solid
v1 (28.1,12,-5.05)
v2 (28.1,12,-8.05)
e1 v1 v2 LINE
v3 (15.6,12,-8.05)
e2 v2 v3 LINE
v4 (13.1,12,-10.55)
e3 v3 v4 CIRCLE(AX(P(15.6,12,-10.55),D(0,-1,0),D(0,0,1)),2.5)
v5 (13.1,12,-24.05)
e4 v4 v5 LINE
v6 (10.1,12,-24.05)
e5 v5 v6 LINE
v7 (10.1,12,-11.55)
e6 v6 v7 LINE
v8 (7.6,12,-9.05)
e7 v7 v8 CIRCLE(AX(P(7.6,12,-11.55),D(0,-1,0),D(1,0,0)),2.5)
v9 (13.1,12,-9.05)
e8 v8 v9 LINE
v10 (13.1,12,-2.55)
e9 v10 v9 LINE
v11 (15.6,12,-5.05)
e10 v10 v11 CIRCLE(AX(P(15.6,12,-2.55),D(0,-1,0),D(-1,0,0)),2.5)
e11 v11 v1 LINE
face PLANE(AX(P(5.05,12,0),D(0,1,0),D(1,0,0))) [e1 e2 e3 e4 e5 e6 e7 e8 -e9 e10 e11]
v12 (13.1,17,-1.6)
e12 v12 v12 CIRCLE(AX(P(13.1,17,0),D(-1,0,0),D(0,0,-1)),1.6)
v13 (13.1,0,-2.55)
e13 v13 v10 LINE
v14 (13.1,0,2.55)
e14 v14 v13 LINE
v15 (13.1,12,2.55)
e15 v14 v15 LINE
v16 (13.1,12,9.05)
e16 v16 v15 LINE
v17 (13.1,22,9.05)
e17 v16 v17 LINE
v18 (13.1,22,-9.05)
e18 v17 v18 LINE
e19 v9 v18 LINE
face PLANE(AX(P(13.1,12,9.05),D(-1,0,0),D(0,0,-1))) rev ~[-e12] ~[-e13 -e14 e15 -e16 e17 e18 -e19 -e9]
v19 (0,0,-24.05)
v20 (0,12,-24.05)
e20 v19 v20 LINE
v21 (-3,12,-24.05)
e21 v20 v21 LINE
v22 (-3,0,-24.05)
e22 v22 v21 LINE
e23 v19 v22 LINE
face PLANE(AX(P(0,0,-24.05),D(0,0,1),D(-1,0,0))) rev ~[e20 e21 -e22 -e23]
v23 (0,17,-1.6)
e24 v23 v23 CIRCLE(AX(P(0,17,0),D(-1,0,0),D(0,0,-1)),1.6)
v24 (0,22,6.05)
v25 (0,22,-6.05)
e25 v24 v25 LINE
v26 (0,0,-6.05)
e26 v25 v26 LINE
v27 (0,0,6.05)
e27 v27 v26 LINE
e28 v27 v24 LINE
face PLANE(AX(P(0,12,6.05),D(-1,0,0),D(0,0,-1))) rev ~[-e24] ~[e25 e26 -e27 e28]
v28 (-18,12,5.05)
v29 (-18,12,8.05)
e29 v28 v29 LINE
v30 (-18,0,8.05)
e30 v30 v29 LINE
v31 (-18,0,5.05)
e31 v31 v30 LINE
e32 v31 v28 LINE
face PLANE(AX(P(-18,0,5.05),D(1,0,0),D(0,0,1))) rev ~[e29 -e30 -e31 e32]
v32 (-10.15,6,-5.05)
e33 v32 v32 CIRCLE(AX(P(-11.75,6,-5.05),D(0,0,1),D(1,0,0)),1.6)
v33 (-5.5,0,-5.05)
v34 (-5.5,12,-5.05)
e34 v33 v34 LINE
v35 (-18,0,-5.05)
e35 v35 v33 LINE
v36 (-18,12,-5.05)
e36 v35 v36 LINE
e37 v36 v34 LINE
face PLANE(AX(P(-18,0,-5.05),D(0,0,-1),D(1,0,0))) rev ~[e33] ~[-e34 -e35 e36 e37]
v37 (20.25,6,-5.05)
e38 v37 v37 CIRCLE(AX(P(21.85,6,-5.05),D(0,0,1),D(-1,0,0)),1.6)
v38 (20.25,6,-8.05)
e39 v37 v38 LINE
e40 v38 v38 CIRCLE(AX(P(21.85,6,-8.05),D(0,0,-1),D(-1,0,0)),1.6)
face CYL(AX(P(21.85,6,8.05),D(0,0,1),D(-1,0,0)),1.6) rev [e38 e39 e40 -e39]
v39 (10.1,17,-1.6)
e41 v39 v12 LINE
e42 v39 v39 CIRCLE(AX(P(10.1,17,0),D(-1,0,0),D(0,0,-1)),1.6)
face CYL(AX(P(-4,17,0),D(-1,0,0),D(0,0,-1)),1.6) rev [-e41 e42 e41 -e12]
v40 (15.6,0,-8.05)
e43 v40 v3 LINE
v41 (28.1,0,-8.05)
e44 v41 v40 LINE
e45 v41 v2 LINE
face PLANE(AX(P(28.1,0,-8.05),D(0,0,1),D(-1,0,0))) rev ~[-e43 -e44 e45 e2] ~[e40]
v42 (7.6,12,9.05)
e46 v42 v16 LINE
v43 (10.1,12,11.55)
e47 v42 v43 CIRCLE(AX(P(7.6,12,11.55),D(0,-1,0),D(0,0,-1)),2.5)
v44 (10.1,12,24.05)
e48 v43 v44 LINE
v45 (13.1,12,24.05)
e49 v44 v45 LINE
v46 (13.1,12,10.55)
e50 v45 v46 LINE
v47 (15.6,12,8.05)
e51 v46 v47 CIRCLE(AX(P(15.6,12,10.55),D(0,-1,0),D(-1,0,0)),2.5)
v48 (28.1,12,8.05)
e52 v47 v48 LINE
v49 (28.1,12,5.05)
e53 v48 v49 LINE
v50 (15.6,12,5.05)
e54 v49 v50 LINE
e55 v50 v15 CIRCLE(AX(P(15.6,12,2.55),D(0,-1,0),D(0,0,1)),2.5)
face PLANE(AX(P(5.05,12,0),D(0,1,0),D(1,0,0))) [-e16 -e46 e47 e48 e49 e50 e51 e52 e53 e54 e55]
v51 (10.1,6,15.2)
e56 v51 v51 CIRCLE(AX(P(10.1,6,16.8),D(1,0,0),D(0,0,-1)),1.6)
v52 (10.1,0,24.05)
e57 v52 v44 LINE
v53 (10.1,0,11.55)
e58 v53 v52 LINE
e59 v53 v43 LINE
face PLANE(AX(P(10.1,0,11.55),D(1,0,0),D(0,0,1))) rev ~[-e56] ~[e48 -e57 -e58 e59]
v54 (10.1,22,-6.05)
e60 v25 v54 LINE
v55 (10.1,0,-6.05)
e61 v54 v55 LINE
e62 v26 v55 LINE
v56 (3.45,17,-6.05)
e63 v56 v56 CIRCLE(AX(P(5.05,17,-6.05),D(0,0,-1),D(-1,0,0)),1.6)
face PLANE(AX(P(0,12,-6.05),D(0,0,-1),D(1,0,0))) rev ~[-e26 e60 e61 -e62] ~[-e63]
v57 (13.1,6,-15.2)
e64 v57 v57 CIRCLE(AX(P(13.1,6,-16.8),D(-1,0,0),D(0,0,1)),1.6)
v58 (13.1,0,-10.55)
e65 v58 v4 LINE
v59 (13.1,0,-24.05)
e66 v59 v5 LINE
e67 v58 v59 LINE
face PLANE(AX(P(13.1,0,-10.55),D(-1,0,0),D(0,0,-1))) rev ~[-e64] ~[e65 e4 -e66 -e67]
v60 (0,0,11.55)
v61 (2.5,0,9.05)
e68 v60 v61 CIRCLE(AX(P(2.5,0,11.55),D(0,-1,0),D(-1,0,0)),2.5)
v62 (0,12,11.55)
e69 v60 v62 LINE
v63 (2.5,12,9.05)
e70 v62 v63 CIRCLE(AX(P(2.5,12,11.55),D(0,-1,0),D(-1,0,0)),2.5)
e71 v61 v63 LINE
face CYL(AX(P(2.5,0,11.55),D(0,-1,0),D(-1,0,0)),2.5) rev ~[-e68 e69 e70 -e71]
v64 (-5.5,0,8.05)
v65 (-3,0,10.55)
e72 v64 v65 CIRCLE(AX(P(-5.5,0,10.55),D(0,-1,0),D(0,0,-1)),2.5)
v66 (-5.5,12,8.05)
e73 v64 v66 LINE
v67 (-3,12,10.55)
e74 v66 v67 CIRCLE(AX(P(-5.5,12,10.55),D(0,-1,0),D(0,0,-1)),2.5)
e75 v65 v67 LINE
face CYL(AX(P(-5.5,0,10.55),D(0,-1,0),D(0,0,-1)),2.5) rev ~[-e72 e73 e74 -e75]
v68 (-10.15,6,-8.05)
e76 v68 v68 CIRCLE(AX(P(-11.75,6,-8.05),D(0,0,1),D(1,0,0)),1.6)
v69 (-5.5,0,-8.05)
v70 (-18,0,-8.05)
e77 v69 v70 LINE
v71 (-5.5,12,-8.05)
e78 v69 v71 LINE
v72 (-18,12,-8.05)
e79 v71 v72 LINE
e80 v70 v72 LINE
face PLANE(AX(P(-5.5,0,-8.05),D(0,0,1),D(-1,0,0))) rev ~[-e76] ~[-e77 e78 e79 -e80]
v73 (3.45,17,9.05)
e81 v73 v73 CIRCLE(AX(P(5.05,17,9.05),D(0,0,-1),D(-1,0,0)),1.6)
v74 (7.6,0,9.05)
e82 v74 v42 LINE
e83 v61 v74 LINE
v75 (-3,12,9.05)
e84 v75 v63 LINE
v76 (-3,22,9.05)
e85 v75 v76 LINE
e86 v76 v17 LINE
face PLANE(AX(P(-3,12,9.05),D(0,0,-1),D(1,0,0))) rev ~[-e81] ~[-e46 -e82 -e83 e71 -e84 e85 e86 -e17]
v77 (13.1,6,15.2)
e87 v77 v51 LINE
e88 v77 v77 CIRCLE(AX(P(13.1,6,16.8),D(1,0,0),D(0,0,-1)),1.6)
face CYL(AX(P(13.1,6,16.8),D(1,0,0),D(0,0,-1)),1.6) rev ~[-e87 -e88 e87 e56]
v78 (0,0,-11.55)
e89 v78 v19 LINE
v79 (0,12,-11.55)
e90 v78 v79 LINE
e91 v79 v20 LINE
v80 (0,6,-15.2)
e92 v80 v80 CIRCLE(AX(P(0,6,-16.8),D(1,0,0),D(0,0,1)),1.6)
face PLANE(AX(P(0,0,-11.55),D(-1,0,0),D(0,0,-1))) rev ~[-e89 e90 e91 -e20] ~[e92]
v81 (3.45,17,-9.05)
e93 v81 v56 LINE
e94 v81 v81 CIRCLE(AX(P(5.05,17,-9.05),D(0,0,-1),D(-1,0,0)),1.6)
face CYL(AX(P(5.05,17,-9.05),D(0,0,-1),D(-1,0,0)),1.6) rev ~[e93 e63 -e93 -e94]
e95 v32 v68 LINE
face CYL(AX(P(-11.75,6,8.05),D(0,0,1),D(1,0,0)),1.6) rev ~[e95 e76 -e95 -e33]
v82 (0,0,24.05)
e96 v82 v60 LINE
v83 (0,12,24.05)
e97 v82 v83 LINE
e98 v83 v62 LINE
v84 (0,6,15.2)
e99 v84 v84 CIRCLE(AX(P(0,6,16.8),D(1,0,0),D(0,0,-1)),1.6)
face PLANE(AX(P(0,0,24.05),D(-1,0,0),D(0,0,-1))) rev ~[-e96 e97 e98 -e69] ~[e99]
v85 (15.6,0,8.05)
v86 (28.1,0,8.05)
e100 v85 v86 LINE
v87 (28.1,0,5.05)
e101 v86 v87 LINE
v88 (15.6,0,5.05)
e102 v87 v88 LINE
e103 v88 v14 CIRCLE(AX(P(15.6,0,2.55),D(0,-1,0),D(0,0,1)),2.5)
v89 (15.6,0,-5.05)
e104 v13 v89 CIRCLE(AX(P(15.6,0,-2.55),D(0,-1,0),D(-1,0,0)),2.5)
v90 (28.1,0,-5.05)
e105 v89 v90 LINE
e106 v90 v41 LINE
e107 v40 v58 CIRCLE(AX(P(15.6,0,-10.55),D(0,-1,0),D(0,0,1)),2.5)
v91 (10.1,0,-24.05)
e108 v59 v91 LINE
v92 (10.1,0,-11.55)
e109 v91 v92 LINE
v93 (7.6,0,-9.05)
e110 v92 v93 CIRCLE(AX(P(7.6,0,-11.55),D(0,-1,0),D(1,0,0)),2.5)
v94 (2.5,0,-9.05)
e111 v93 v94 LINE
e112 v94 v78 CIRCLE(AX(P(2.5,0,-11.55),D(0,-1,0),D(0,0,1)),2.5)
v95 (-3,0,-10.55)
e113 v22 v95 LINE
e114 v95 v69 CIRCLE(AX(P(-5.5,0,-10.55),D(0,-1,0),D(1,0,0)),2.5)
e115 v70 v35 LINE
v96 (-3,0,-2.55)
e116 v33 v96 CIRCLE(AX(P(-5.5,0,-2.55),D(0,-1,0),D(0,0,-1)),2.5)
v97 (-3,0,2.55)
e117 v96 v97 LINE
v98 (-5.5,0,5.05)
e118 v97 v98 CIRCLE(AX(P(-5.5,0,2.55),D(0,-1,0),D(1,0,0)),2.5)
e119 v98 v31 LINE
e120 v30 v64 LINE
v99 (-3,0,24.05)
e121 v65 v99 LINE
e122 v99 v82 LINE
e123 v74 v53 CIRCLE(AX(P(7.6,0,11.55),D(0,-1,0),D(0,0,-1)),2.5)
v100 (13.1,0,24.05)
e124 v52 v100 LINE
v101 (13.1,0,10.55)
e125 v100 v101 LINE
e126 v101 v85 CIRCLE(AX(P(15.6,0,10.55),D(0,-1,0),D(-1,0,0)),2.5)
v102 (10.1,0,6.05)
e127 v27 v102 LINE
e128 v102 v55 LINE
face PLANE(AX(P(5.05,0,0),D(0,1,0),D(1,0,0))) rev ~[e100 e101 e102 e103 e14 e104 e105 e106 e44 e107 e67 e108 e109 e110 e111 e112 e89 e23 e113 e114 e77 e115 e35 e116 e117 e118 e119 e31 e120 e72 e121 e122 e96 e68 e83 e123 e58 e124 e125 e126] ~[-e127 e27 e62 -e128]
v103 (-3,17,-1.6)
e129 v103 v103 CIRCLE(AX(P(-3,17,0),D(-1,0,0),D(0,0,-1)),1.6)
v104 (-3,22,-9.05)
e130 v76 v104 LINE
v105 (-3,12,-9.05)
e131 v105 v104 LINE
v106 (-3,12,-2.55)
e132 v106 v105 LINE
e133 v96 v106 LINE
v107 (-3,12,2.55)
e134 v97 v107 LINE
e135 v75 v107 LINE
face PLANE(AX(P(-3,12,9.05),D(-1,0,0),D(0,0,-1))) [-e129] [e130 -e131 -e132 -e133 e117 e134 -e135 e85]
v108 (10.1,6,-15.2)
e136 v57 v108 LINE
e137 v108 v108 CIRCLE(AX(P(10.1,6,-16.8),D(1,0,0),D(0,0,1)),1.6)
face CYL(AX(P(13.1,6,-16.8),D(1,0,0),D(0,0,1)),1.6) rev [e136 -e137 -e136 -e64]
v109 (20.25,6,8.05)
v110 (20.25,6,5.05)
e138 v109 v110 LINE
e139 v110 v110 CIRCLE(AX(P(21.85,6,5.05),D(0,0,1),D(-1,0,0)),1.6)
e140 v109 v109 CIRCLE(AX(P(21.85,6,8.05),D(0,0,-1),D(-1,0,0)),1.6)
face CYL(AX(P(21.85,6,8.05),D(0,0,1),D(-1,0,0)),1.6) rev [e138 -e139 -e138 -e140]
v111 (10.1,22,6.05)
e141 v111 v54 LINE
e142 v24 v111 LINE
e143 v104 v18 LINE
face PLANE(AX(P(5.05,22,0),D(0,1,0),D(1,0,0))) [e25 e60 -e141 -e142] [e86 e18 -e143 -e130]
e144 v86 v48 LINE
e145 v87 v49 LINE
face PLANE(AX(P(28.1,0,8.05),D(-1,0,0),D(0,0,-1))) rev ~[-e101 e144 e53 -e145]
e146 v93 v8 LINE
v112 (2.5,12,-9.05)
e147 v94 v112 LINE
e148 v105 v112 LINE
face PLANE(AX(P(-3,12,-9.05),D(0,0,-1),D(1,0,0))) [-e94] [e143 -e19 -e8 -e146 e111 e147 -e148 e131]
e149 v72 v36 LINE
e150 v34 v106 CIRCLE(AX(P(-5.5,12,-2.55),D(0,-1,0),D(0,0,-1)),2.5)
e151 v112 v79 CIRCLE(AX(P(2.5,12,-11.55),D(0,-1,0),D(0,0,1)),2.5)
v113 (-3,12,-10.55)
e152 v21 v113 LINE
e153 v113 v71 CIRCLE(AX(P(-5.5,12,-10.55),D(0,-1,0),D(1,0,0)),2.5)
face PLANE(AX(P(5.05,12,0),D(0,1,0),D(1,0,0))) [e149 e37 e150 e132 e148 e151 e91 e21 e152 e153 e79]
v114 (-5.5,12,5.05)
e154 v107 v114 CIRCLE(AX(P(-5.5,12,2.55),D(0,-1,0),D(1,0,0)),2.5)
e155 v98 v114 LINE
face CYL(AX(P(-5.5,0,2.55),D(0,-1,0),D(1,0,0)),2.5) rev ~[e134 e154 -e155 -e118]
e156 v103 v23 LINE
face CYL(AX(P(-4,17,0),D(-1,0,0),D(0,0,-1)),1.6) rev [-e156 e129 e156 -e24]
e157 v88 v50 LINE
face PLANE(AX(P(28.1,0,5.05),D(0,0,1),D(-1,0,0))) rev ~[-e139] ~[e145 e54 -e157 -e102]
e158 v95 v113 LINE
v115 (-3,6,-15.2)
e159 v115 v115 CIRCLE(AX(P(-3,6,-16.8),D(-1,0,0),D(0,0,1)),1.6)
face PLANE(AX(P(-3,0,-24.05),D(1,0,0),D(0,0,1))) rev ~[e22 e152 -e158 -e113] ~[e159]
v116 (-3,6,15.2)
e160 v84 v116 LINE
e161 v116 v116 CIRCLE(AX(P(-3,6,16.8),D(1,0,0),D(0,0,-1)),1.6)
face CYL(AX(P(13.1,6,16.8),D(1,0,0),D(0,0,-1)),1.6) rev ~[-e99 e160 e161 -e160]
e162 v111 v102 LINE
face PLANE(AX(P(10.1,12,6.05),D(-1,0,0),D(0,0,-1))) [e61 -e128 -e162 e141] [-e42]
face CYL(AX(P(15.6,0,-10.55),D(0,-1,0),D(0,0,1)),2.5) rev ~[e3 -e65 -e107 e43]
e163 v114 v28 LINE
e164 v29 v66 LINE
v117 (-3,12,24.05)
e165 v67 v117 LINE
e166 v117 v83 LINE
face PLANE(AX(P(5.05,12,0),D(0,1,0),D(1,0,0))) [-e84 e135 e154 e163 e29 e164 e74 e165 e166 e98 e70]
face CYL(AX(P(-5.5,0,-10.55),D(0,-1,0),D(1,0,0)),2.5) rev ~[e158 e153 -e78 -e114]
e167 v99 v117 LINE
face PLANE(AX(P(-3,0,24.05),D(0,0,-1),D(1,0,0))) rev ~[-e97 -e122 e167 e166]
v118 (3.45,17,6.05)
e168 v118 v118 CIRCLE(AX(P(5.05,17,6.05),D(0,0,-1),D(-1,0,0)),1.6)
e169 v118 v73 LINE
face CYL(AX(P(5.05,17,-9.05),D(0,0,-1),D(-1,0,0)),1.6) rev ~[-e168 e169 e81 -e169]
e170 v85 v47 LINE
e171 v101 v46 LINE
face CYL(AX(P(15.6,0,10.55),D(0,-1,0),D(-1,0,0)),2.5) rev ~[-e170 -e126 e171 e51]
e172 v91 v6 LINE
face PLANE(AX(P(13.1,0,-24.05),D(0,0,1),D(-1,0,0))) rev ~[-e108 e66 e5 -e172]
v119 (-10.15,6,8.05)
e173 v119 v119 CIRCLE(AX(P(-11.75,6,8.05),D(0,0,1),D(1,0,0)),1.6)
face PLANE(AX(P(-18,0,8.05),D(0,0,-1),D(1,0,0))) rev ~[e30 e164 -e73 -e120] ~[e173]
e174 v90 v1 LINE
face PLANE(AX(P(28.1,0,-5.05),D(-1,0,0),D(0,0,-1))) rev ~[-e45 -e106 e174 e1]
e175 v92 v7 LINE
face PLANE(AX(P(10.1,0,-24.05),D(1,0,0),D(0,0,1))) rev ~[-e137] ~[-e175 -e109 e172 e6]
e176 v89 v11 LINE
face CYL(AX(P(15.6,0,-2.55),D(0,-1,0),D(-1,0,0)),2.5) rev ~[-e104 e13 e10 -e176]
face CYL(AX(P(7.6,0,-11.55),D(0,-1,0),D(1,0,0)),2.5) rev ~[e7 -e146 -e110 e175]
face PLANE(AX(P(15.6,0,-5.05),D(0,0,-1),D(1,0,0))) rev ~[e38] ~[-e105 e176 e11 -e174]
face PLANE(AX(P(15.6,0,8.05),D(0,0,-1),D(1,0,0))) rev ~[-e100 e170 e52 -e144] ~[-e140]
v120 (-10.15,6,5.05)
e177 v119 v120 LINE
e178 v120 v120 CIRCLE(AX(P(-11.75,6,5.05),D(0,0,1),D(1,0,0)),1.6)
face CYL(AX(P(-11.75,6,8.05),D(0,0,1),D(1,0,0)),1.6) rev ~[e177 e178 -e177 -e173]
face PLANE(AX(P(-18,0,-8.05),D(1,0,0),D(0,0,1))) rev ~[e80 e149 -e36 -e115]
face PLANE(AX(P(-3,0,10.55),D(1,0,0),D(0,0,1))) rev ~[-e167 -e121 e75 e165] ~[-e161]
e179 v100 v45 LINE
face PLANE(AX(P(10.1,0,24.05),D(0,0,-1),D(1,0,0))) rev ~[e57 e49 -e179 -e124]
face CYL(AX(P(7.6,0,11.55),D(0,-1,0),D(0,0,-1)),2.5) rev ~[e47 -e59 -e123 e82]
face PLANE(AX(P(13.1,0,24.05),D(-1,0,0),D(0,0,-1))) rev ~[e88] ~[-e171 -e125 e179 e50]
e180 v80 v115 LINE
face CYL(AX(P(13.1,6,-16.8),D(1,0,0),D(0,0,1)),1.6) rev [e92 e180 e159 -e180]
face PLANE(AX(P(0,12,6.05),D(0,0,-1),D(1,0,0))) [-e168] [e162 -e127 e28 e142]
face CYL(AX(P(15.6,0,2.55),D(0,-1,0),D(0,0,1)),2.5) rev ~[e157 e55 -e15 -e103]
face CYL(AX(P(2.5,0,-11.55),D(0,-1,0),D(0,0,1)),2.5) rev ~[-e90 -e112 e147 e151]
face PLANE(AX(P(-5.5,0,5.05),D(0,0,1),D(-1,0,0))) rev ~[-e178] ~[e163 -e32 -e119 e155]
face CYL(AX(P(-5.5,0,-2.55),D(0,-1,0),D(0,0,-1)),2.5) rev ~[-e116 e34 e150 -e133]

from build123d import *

# Parameters (mm, degrees)
ESQUISSE2_W               = 10.1
ESQUISSE2_H               = 12.1
BOSS_EXTRU_1_DEPTH        = 12
ENL_V_MAT_EXTRU_1_REACH   = 46.317
ESQUISSE3_R               = 1.6
SYM_TRIE6_COPY_1_REACH    = 46.317
SYM_TRIE6_COPY_1_SKETCH_R = 1.6
ESQUISSE4_W               = 16.1
ESQUISSE4_H               = 18.1
ESQUISSE4_W_2             = 10.1
ESQUISSE4_H_2             = 12.1
EXTRU_MINCE1_DEPTH        = 10
ESQUISSE5_R               = 1.6
ENL_V_MAT_EXTRU_2_DEPTH   = 49.674634051


with BuildPart() as part:
    # Esquisse2 → Boss.-Extru.1 (new body)
    with BuildSketch(Plane(origin=(0, 0, 0), x_dir=(1, 0, 0), z_dir=(0, 1, 0))):
        with BuildLine():
            Line((0, 11.55), (0, 24.05))
            Line((0, 24.05), (-3, 24.05))
            Line((-3, 24.05), (-3, 10.55))
            ThreePointArc((-3, 10.55), (-3.732233047, 8.782233047), (-5.5, 8.05))
            Line((-5.5, 8.05), (-18, 8.05))
            Line((-18, 8.05), (-18, 5.05))
            Line((-18, 5.05), (-5.5, 5.05))
            ThreePointArc((-5.5, 5.05), (-3.732233047, 4.317766953), (-3, 2.55))
            Line((-3, 2.55), (-3, -2.55))
            ThreePointArc((-3, -2.55), (-3.732233047, -4.317766953), (-5.5, -5.05))
            Line((-5.5, -5.05), (-18, -5.05))
            Line((-18, -5.05), (-18, -8.05))
            Line((-18, -8.05), (-5.5, -8.05))
            ThreePointArc((-5.5, -8.05), (-3.732233047, -8.782233047), (-3, -10.55))
            Line((-3, -10.55), (-3, -24.05))
            Line((-3, -24.05), (0, -24.05))
            Line((0, -24.05), (0, -11.55))
            ThreePointArc((0, -11.55), (0.732233047, -9.782233047), (2.5, -9.05))
            Line((2.5, -9.05), (7.6, -9.05))
            ThreePointArc((7.6, -9.05), (9.367766953, -9.782233047), (10.1, -11.55))
            Line((10.1, -11.55), (10.1, -24.05))
            Line((10.1, -24.05), (13.1, -24.05))
            Line((13.1, -24.05), (13.1, -10.55))
            ThreePointArc((13.1, -10.55), (13.832233047, -8.782233047), (15.6, -8.05))
            Line((15.6, -8.05), (28.1, -8.05))
            Line((28.1, -8.05), (28.1, -5.05))
            Line((28.1, -5.05), (15.6, -5.05))
            ThreePointArc((15.6, -5.05), (13.832233047, -4.317766953), (13.1, -2.55))
            Line((13.1, -2.55), (13.1, 2.55))
            ThreePointArc((13.1, 2.55), (13.832233047, 4.317766953), (15.6, 5.05))
            Line((15.6, 5.05), (28.1, 5.05))
            Line((28.1, 5.05), (28.1, 8.05))
            Line((28.1, 8.05), (15.6, 8.05))
            ThreePointArc((15.6, 8.05), (13.832233047, 8.782233047), (13.1, 10.55))
            Line((13.1, 10.55), (13.1, 24.05))
            Line((13.1, 24.05), (10.1, 24.05))
            Line((10.1, 24.05), (10.1, 11.55))
            ThreePointArc((10.1, 11.55), (9.367766953, 9.782233047), (7.6, 9.05))
            Line((7.6, 9.05), (2.5, 9.05))
            ThreePointArc((2.5, 9.05), (0.732233047, 9.782233047), (0, 11.55))
        make_face()
        with Locations((5.05, 0)):
            Rectangle(ESQUISSE2_W, ESQUISSE2_H, mode=Mode.SUBTRACT)
    extrude(amount=BOSS_EXTRU_1_DEPTH)

    # Enlèv. mat.-Extru.1: up to this face of the body (flat: up to its plane)
    enl_v_mat_extru_1_end = Plane(part.part.faces().sort_by_distance((-11.75, 6, -8.05))[0])
    # Esquisse3 → Enlèv. mat.-Extru.1 (cut, up to the picked face)
    with BuildSketch(Plane.XY.offset(8.05), mode=Mode.PRIVATE) as enl_v_mat_extru_1_sk1:
        with Locations((-11.75, 6)):
            Circle(ESQUISSE3_R)
    enl_v_mat_extru_1_tool1 = split(extrude(enl_v_mat_extru_1_sk1.sketch, amount=-ENL_V_MAT_EXTRU_1_REACH, mode=Mode.PRIVATE), bisect_by=enl_v_mat_extru_1_end, keep=Keep.BOTH, mode=Mode.PRIVATE)
    enl_v_mat_extru_1 = enl_v_mat_extru_1_tool1.solids().sort_by(Axis((-11.75, 6, 8.05), (0, 0, -1)))[0]
    add(enl_v_mat_extru_1, mode=Mode.SUBTRACT)

    # Symétrie1: Enlèv. mat.-Extru.1 across plane
    add(enl_v_mat_extru_1.mirror(Plane(origin=(5.05, 0, 0), x_dir=(0, 0, 1), z_dir=(1, 0, 0))), mode=Mode.SUBTRACT)

    # Symétrie6: Enlèv. mat.-Extru.1 across plane
    add(enl_v_mat_extru_1.mirror(Plane(origin=(2.525, 0, -2.525), x_dir=(0.7071067811865478, 0, 0.7071067811865472), z_dir=(-0.7071067811865475, 0, 0.7071067811865477))), mode=Mode.SUBTRACT)

    # Symétrie6 copy 1: up to this face of the body (flat: up to its plane)
    sym_trie6_copy_1_end = Plane(part.part.faces().sort_by_distance((-3, 6, 16.8))[0])
    # Symétrie6 copy 1 sketch → Symétrie6 copy 1 (cut, up to the picked face)
    with BuildSketch(Plane(origin=(13.1, 0, 5.05), x_dir=(0, 0, -1), z_dir=(1, 0, 0)), mode=Mode.PRIVATE) as sym_trie6_copy_1_sk1:
        with Locations((-11.75, 6)):
            Circle(SYM_TRIE6_COPY_1_SKETCH_R)
    sym_trie6_copy_1_tool1 = split(extrude(sym_trie6_copy_1_sk1.sketch, amount=-SYM_TRIE6_COPY_1_REACH, mode=Mode.PRIVATE), bisect_by=sym_trie6_copy_1_end, keep=Keep.BOTH, mode=Mode.PRIVATE)
    add(sym_trie6_copy_1_tool1.solids().sort_by(Axis((13.1, 6, 16.8), (-1, 0, 0)))[0], mode=Mode.SUBTRACT)

    # Esquisse4 → Extru.-Mince1 (add)
    with BuildSketch(Plane(origin=(0, 12, 0), x_dir=(1, 0, 0), z_dir=(0, 1, 0))):
        with Locations((5.05, 0)):
            Rectangle(ESQUISSE4_W, ESQUISSE4_H)
        with Locations((5.05, 0)):
            Rectangle(ESQUISSE4_W_2, ESQUISSE4_H_2, mode=Mode.SUBTRACT)
    extrude(amount=EXTRU_MINCE1_DEPTH)

    # Esquisse5 → Enlèv. mat.-Extru.2 (cut, through all)
    with BuildSketch(Plane(origin=(0, 0, -9.05), x_dir=(-1, 0, 0), z_dir=(0, 0, -1))):
        with Locations((-5.05, 17)):
            Circle(ESQUISSE5_R)
    enl_v_mat_extru_2 = extrude(amount=-ENL_V_MAT_EXTRU_2_DEPTH, mode=Mode.SUBTRACT)

    # Symétrie10: Enlèv. mat.-Extru.2 across plane
    add(enl_v_mat_extru_2.mirror(Plane(origin=(2.525, 0, -2.525), x_dir=(0.7071067811865478, 0, 0.7071067811865472), z_dir=(-0.7071067811865475, 0, 0.7071067811865477))), mode=Mode.SUBTRACT)


solid = part.part
